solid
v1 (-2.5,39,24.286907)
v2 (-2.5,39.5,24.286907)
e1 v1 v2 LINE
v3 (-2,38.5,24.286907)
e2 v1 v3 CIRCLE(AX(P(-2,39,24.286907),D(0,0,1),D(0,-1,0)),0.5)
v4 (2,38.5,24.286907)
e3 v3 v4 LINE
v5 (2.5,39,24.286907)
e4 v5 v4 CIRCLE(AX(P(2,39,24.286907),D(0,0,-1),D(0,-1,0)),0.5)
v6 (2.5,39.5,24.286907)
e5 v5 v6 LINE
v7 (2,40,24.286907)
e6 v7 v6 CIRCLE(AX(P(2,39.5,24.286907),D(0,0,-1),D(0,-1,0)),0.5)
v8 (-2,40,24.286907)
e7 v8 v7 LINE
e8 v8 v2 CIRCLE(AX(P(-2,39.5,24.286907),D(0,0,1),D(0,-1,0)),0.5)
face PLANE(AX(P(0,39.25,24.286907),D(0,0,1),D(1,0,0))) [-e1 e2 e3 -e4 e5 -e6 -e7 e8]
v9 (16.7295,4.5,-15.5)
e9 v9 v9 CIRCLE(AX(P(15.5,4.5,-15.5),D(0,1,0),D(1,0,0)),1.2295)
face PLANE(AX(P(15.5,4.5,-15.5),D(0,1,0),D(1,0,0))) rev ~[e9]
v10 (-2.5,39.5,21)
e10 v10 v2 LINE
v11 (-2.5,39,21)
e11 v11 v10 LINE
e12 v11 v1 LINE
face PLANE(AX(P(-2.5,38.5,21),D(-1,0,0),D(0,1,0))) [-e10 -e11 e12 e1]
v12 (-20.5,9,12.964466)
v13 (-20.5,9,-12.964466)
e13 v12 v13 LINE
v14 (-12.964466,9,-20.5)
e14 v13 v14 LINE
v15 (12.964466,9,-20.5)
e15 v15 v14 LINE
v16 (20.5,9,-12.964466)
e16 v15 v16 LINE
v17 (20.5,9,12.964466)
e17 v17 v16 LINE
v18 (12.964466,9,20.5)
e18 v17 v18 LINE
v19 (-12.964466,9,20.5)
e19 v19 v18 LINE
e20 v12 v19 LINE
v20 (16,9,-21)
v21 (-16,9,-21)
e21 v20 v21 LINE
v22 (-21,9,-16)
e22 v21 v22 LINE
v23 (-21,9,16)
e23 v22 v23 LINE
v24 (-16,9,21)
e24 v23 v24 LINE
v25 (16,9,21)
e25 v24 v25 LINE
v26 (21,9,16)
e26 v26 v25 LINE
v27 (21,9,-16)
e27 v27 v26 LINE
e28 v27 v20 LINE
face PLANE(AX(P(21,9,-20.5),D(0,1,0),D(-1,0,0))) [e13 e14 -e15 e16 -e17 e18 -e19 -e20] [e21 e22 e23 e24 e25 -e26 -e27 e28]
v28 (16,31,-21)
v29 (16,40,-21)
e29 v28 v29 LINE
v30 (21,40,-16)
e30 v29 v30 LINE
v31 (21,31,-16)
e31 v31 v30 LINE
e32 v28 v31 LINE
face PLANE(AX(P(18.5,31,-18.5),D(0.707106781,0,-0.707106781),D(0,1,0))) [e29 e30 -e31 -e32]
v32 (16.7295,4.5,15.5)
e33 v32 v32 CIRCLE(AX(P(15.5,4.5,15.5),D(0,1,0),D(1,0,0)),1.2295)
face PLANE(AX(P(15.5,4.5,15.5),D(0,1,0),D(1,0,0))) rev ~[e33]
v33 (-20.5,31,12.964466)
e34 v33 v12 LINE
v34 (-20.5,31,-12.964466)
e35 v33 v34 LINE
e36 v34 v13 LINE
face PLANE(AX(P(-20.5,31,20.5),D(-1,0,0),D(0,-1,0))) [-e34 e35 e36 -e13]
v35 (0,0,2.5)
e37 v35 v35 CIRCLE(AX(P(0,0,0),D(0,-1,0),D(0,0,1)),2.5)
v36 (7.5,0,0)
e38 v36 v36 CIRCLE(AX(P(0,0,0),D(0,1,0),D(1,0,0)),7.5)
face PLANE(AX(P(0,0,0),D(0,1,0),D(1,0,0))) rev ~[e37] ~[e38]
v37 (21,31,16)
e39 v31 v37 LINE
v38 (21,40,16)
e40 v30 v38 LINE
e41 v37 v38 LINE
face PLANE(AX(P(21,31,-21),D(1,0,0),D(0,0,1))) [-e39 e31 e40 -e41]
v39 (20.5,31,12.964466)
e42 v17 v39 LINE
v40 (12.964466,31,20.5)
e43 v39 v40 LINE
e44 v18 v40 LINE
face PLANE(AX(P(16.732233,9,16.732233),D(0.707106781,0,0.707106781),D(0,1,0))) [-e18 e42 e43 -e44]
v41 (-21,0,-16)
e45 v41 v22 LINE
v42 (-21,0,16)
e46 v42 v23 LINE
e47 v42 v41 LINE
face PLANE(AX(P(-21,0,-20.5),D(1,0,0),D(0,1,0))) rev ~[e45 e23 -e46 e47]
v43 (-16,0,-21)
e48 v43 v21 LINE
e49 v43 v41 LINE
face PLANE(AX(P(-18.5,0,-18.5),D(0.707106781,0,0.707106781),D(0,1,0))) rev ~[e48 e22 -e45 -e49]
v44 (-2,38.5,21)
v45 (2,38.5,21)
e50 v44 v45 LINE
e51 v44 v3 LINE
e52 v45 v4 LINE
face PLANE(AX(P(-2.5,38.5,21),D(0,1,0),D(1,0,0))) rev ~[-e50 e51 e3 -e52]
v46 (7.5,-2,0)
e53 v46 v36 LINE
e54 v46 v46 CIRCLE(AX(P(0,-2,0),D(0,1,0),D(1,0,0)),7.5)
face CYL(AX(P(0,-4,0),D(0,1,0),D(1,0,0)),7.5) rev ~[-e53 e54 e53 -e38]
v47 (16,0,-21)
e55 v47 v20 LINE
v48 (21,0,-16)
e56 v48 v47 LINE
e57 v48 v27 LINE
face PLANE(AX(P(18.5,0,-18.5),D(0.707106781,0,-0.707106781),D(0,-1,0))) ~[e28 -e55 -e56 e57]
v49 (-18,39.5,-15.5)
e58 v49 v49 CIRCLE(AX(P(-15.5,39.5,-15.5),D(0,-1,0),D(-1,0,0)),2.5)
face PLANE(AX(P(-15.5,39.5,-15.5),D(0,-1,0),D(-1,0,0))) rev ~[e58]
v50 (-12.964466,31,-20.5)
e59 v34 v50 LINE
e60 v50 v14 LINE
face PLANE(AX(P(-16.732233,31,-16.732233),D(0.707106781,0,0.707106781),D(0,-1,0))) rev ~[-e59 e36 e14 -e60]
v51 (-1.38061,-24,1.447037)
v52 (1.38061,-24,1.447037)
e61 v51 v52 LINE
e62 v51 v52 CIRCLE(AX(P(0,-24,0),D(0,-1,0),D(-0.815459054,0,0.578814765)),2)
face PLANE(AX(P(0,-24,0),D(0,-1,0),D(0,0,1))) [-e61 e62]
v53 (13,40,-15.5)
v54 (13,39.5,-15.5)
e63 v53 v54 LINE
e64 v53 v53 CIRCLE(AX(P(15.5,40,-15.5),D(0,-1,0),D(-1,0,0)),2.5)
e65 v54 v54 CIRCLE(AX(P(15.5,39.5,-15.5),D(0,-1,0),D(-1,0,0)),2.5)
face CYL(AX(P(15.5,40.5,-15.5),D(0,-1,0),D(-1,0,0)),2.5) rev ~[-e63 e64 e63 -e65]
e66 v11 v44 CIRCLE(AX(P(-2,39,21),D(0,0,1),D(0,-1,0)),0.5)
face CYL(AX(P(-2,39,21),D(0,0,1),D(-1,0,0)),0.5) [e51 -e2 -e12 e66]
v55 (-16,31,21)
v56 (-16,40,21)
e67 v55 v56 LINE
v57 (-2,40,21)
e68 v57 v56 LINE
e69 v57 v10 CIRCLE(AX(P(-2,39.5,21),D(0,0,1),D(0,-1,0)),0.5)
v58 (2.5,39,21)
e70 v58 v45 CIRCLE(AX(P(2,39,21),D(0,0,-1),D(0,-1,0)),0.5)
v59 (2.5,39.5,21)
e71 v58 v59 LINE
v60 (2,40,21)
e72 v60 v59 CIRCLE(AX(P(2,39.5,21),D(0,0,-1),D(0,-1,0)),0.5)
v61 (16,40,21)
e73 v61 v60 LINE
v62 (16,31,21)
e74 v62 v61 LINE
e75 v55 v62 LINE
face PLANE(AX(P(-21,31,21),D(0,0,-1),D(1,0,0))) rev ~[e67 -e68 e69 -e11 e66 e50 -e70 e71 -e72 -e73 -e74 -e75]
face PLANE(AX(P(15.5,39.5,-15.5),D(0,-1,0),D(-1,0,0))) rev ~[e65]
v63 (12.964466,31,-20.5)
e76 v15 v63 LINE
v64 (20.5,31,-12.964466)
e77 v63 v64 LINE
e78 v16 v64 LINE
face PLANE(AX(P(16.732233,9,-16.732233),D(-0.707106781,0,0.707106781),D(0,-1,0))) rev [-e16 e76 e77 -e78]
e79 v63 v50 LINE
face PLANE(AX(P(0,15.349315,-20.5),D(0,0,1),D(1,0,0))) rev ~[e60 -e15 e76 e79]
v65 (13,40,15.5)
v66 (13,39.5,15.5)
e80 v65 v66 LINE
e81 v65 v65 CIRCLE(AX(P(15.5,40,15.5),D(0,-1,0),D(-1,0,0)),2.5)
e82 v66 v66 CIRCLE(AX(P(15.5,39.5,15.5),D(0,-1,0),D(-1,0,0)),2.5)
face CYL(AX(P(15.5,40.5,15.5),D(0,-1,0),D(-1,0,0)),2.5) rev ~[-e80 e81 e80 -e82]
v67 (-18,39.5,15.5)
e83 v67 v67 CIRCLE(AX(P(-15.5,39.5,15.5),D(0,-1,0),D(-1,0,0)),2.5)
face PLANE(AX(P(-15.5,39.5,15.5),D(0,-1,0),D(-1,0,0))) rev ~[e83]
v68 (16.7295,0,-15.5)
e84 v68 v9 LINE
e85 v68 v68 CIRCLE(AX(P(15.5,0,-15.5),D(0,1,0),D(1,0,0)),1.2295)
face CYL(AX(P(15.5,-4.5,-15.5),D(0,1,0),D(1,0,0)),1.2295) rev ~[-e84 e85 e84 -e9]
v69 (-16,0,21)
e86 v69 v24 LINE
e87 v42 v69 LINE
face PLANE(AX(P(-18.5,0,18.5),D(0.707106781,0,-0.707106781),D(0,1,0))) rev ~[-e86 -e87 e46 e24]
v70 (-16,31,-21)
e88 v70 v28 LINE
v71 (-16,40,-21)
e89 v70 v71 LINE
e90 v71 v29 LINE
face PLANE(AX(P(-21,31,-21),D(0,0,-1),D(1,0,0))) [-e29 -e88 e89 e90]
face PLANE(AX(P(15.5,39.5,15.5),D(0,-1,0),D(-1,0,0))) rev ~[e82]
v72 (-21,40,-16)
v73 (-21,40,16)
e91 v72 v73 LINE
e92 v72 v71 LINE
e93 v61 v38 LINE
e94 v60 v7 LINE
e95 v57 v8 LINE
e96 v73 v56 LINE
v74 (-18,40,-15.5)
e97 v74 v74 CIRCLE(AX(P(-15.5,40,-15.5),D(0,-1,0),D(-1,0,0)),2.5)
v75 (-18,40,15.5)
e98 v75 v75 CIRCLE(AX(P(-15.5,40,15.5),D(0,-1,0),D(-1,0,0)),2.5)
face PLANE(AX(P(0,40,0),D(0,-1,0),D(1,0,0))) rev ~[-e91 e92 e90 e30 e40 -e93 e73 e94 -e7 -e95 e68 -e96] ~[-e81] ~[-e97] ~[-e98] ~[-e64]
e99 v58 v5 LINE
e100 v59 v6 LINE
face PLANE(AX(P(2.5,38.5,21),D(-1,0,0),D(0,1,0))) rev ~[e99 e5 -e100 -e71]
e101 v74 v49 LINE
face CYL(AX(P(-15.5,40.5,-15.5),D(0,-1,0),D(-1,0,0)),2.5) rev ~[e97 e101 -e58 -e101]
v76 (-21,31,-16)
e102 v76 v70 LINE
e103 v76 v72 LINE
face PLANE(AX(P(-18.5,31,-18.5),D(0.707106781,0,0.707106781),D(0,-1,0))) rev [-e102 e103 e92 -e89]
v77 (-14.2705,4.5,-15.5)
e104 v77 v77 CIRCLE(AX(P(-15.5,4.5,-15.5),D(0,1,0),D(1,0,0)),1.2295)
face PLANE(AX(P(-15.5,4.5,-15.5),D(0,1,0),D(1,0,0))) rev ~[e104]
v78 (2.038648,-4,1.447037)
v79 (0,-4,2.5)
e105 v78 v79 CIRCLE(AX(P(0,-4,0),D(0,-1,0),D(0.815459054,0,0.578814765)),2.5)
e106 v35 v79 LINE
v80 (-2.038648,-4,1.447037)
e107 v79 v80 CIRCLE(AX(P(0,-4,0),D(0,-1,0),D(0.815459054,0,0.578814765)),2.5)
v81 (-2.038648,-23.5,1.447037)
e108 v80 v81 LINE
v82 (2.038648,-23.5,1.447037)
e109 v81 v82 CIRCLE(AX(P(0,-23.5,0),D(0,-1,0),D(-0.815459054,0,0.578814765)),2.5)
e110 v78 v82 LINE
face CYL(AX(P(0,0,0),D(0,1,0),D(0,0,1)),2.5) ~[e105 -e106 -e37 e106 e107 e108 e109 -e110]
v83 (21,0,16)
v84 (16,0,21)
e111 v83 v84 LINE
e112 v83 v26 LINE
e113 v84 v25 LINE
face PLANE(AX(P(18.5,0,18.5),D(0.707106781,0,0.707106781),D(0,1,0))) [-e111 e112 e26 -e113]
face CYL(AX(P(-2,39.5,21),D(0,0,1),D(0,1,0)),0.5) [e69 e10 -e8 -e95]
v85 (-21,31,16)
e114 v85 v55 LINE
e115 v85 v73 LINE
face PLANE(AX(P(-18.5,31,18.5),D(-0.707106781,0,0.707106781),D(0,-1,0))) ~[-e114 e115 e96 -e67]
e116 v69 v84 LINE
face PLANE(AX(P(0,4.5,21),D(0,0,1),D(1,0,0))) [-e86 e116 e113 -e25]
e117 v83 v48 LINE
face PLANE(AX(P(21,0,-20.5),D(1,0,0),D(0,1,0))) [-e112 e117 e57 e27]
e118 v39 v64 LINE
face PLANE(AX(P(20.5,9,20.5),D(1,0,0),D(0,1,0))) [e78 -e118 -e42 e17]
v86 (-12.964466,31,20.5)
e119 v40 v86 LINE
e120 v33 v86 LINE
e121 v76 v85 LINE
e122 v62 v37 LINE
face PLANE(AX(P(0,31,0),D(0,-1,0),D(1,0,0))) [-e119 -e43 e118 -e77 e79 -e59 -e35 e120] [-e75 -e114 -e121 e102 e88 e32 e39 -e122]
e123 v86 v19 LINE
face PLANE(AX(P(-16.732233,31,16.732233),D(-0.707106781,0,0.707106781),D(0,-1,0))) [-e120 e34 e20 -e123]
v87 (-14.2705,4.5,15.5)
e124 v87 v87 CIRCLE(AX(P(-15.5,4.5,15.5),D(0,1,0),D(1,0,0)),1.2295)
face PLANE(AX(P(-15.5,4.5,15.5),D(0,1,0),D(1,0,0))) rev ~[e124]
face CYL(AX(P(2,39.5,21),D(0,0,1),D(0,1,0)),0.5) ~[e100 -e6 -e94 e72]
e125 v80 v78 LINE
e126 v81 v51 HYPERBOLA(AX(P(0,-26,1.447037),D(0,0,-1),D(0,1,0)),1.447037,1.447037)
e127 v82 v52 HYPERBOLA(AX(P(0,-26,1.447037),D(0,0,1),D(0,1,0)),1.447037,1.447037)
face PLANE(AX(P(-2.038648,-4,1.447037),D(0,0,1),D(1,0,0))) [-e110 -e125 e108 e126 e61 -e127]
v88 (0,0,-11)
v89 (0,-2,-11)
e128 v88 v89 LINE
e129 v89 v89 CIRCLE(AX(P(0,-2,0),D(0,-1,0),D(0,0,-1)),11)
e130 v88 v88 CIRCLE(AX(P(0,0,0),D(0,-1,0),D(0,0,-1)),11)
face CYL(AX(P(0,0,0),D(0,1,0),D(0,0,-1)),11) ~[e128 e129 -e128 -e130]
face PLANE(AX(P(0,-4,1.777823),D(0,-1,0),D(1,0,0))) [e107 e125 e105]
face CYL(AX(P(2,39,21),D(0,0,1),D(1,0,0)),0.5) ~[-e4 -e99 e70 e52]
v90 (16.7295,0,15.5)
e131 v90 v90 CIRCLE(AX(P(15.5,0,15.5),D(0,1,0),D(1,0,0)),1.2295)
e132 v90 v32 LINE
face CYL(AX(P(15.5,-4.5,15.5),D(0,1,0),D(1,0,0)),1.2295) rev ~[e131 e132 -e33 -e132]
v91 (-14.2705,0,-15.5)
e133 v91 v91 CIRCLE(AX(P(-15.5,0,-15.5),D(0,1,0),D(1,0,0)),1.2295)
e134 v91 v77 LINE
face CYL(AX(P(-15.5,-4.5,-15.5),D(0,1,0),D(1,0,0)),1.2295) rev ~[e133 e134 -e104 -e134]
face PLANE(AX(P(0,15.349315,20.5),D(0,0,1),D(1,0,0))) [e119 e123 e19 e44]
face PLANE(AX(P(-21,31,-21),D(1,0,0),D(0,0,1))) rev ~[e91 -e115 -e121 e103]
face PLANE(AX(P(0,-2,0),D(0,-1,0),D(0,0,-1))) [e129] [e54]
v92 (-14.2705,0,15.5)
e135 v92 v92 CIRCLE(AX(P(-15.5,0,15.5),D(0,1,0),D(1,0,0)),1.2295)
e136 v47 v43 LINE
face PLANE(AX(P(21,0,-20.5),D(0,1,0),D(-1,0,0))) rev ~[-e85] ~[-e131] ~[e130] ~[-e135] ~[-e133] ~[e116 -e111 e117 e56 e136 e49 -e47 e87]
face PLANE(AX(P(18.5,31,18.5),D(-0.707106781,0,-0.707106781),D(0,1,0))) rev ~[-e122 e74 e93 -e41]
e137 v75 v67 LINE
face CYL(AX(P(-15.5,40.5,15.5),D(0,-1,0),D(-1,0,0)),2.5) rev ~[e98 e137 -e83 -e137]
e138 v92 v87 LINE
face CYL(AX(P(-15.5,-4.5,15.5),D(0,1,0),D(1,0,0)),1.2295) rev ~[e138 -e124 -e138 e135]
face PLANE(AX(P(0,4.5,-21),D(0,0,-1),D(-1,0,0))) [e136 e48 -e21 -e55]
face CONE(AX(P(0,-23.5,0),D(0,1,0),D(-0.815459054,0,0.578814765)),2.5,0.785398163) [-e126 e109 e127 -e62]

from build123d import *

# Parameters (mm, degrees)
ESQUISSE1_W                         = 42
ESQUISSE1_H                         = 9
BOSS_EXTRU_1_DEPTH                  = 0.5
BOSS_EXTRU_2_DEPTH                  = 41
ESQUISSE3_W                         = 42
ESQUISSE3_H                         = 9
BOSS_EXTRU_3_DEPTH                  = 0.5
ESQUISSE4_W                         = 42
ESQUISSE4_H                         = 42
BOSS_EXTRU_4_DEPTH                  = 9
ESQUISSE5_W                         = 5
ESQUISSE5_H                         = 1.5
BOSS_EXTRU_5_DEPTH                  = 3.2869072
ESQUISSE6_R                         = 11
BOSS_EXTRU_6_DEPTH                  = 2
DIAM_TRE_DU_PER_AGE_15_0_15_1_D     = 15
DIAM_TRE_DU_PER_AGE_15_0_15_1_DEPTH = 2
ESQUISSE9_R                         = 2.5
BOSS_EXTRU_7_DEPTH                  = 24
ENL_V_START                         = -20
ENL_V_MAT_EXTRU_1_DEPTH             = 20
DIAM_TRE_DU_PER_AGE_5_0_5_1_D       = 5
DIAM_TRE_DU_PER_AGE_5_0_5_1_DEPTH   = 0.5
D_GAGEMENT_M21_D                    = 2.459
D_GAGEMENT_M21_DEPTH                = 4.5
CHANFREIN1_SIZE                     = 7.535533906
CHANFREIN2_SIZE                     = 5
CHANFREIN3_SIZE                     = 0.5
CONG_1_R                            = 0.5


with BuildPart() as part:
    # Esquisse1 → Boss.-Extru.1 (new body)
    with BuildSketch(Plane.XY.offset(21)):
        with Locations((0, 4.5)):
            Rectangle(ESQUISSE1_W, ESQUISSE1_H)
    extrude(amount=-BOSS_EXTRU_1_DEPTH)

    # Esquisse2 → Boss.-Extru.2 (add)
    with BuildSketch(Plane(origin=(0, 0, 20.5), x_dir=(-1, 0, 0), z_dir=(0, 0, -1))):
        Polygon((-20.5, 9), (-20.5, 31), (20.5, 31), (20.5, 9), (21, 9), (21, 0), (-21, 0), (-21, 9), align=None)
    extrude(amount=BOSS_EXTRU_2_DEPTH)

    # Esquisse3 → Boss.-Extru.3 (add)
    with BuildSketch(Plane(origin=(0, 0, -20.5), x_dir=(-1, 0, 0), z_dir=(0, 0, -1))):
        with Locations((0, 4.5)):
            Rectangle(ESQUISSE3_W, ESQUISSE3_H)
    extrude(amount=BOSS_EXTRU_3_DEPTH)

    # Esquisse4 → Boss.-Extru.4 (add)
    with BuildSketch(Plane.XZ.offset(-31)):
        Rectangle(ESQUISSE4_W, ESQUISSE4_H)
    extrude(amount=-BOSS_EXTRU_4_DEPTH)

    # Esquisse5 → Boss.-Extru.5 (add)
    with BuildSketch(Plane.XY.offset(21)):
        with Locations((0, 39.25)):
            Rectangle(ESQUISSE5_W, ESQUISSE5_H)
    extrude(amount=BOSS_EXTRU_5_DEPTH)

    # Esquisse6 → Boss.-Extru.6 (add)
    with BuildSketch(Plane.XZ):
        with Locations(Location((0, 0, 0), (0, 0, 270))):
            Circle(ESQUISSE6_R)
    extrude(amount=BOSS_EXTRU_6_DEPTH)

    # Diamètre du perçage Ø15.0 (15)1
    with Locations(Plane(origin=(0, -2, 0), x_dir=(-1, 0, 0), z_dir=(0, -1, 0))):
        with Locations((0, 0)):
            Hole(DIAM_TRE_DU_PER_AGE_15_0_15_1_D / 2, depth=DIAM_TRE_DU_PER_AGE_15_0_15_1_DEPTH)

    # Esquisse9 → Boss.-Extru.7 (add)
    with BuildSketch(Plane.XZ):
        with Locations(Location((0, 0, 0), (0, 0, 90))):
            Circle(ESQUISSE9_R)
    extrude(amount=BOSS_EXTRU_7_DEPTH)

    # Esquisse10 → Enlèv. mat.-Extru.1 (cut)
    with BuildSketch(Plane.XZ.offset(24).offset(ENL_V_START)):
        with BuildLine():
            Line((-2.038647634, 1.447036912), (2.038647634, 1.447036912))
            ThreePointArc((2.038647634, 1.447036912), (0, 2.5), (-2.038647634, 1.447036912))
        make_face()
    extrude(amount=ENL_V_MAT_EXTRU_1_DEPTH, mode=Mode.SUBTRACT)

    # Diamètre du perçage Ø5.0 (5)1
    with Locations(Plane(origin=(0, 40, 0), x_dir=(1, 0, 0), z_dir=(0, 1, 0))):
        with Locations((15.5, -15.5), (-15.5, -15.5), (-15.5, 15.5), (15.5, 15.5)):
            Hole(DIAM_TRE_DU_PER_AGE_5_0_5_1_D / 2, depth=DIAM_TRE_DU_PER_AGE_5_0_5_1_DEPTH)

    # Dégagement M21
    with Locations(Plane(origin=(0, 0, 0), x_dir=(-1, 0, 0), z_dir=(0, -1, 0))):
        with Locations((15.5, -15.5), (-15.5, -15.5), (-15.5, 15.5), (15.5, 15.5)):
            Hole(D_GAGEMENT_M21_D / 2, depth=D_GAGEMENT_M21_DEPTH)

    # Chanfrein1
    chanfrein1_edges = [part.edges().sort_by_distance(p)[0] for p in [
        (-20.5, 20, 20.5),
        (20.5, 20, 20.5),
        (-20.5, 20, -20.5),
        (20.5, 20, -20.5),
    ]]
    chamfer(chanfrein1_edges, length=CHANFREIN1_SIZE)

    # Chanfrein2
    chanfrein2_edges = [part.edges().sort_by_distance(p)[0] for p in [
        (21, 4.5, -21),
        (-21, 4.5, -21),
        (-21, 35.5, 21),
        (21, 35.5, 21),
        (21, 35.5, -21),
        (-21, 35.5, -21),
        (-21, 4.5, 21),
        (21, 4.5, 21),
    ]]
    chamfer(chanfrein2_edges, length=CHANFREIN2_SIZE)

    # Chanfrein3
    chanfrein3_edges = [part.edges().sort_by_distance(p)[0] for p in [
        (0, -24, -2.5),
    ]]
    chamfer(chanfrein3_edges, length=CHANFREIN3_SIZE)

    # Congé1
    cong_1_edges = [part.edges().sort_by_distance(p)[0] for p in [
        (-2.5, 40, 22.6434536),
        (-2.5, 38.5, 22.6434536),
        (2.5, 38.5, 22.6434536),
        (2.5, 40, 22.6434536),
    ]]
    fillet(cong_1_edges, radius=CONG_1_R)


solid = part.part
